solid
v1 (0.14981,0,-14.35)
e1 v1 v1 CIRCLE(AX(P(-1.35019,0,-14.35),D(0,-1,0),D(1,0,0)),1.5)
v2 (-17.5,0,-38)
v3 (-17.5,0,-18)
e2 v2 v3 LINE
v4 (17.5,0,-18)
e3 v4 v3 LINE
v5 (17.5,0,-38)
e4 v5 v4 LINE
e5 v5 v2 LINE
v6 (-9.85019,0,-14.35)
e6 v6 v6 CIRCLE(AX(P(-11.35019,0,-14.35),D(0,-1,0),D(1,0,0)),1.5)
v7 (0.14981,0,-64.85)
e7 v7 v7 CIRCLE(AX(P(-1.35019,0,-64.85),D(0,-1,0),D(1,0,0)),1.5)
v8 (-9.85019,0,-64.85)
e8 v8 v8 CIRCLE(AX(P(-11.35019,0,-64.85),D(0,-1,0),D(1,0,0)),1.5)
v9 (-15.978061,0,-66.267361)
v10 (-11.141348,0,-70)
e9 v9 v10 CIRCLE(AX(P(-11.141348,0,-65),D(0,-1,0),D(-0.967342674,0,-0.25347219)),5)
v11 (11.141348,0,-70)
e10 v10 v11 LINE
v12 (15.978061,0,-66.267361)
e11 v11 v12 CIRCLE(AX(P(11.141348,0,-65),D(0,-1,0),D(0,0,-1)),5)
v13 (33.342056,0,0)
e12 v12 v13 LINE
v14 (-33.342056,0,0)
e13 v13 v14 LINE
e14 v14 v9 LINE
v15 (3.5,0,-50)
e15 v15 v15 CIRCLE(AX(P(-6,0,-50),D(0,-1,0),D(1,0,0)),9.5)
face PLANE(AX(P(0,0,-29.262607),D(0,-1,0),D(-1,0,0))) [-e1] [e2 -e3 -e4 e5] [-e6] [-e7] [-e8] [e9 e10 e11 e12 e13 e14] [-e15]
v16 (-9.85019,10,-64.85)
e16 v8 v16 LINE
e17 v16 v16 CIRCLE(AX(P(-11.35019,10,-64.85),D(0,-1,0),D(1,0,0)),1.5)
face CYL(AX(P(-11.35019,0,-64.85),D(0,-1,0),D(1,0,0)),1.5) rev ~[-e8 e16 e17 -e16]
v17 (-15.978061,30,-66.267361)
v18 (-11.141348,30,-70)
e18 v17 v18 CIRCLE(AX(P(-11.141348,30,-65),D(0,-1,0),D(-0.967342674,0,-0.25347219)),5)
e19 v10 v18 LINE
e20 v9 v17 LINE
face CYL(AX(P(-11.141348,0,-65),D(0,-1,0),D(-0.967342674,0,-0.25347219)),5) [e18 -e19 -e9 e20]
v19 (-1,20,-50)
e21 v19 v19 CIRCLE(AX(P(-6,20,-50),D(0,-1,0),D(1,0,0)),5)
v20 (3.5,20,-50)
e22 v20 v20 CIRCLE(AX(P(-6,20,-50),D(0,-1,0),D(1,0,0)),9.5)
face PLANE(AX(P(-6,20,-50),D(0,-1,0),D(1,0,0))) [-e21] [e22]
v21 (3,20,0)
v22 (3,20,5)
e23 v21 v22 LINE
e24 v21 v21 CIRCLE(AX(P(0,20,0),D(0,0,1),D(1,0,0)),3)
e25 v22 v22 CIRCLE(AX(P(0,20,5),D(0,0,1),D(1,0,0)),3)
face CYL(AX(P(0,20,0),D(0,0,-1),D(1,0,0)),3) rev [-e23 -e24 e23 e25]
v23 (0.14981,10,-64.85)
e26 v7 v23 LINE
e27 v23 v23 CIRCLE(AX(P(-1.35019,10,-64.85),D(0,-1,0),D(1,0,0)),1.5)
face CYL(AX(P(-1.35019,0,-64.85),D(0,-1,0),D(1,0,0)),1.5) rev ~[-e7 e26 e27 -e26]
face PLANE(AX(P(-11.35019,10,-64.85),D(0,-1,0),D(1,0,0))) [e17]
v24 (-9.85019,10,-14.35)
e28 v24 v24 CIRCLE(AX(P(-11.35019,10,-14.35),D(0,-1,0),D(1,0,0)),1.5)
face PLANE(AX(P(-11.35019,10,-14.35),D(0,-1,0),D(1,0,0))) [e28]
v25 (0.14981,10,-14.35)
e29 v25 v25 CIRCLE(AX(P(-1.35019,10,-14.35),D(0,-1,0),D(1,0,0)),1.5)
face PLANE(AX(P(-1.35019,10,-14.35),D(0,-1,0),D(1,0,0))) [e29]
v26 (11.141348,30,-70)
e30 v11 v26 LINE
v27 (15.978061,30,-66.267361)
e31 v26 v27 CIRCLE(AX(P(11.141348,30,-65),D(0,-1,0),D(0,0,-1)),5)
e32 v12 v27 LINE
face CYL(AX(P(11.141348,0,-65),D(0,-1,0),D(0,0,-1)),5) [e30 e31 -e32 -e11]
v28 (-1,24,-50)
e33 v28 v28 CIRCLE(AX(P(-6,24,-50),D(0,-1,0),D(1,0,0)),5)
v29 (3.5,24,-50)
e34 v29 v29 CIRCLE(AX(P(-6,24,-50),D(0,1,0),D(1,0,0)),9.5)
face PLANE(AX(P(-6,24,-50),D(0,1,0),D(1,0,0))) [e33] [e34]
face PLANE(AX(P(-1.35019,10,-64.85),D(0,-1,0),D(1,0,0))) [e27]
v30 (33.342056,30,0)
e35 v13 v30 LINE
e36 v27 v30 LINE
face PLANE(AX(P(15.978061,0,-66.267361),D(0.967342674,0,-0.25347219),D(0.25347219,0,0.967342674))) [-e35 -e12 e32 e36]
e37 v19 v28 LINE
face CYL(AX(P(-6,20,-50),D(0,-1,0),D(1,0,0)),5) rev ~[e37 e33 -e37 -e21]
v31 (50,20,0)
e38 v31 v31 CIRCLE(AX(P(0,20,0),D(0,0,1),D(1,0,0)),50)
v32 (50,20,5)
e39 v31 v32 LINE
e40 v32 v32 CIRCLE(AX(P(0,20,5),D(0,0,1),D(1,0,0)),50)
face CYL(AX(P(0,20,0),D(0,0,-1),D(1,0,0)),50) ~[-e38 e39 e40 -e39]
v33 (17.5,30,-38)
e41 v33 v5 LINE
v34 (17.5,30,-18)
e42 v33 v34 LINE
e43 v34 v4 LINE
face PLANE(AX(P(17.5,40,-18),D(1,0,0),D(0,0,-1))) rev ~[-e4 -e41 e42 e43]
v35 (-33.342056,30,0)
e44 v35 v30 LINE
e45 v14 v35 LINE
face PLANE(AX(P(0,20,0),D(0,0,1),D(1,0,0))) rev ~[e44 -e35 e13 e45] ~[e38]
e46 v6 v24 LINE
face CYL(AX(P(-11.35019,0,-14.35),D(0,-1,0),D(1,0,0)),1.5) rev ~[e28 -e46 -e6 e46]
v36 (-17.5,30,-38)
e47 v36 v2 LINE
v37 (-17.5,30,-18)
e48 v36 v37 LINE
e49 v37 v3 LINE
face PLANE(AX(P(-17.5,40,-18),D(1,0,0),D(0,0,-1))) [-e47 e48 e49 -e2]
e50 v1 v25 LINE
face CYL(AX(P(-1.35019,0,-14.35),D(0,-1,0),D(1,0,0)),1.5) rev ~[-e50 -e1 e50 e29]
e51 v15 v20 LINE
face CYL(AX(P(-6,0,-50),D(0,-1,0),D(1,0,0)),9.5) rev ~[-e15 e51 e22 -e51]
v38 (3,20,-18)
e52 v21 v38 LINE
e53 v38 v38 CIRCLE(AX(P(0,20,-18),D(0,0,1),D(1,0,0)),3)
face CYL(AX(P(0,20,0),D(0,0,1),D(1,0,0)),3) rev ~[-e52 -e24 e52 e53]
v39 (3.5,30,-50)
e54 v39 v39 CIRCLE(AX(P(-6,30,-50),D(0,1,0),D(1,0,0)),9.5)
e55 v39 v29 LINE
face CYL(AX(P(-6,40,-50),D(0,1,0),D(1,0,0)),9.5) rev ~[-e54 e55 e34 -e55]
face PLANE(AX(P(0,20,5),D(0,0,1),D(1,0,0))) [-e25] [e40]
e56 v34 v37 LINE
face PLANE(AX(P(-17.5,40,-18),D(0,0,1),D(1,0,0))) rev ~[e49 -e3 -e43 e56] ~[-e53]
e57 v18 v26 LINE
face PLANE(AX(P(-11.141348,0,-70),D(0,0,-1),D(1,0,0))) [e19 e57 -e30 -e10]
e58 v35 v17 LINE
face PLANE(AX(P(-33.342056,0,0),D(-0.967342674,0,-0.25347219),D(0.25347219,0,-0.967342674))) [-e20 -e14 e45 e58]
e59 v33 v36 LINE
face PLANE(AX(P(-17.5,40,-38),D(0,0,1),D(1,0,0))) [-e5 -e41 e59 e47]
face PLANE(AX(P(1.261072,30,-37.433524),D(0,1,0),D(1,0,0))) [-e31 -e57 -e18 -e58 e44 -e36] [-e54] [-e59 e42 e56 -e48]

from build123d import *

# Parameters (mm, degrees)
BOSS_EXTRUDE1_DEPTH = 40
SKETCH9_R           = 9.5
CUT_EXTRUDE5_DEPTH  = 20
SKETCH10_R          = 5
CUT_EXTRUDE6_DEPTH  = 21
SKETCH11_R          = 9.5
CUT_EXTRUDE7_DEPTH  = 16
SKETCH14_W          = 35
SKETCH14_H          = 20
CUT_EXTRUDE9_DEPTH  = 41
SKETCH15_R          = 3
CUT_EXTRUDE10_DEPTH = 25
SKETCH16_R          = 50
SKETCH16_R_2        = 3
BOSS_EXTRUDE3_DEPTH = 5
SKETCH17_W          = 69.206254994
SKETCH17_H          = 74.867048483
CUT_EXTRUDE11_DEPTH = 10
SKETCH18_R          = 1.5
CUT_EXTRUDE12_DEPTH = 10
SKETCH20_R          = 1.5
CUT_EXTRUDE13_DEPTH = 10


with BuildPart() as part:
    # Sketch1 → Boss-Extrude1 (new body)
    with BuildSketch(Plane(origin=(0, 0, 0), x_dir=(1, 0, 0), z_dir=(0, 1, 0))):
        with BuildLine():
            Line((-11.141347684, 70), (11.141347684, 70))
            ThreePointArc((11.141347684, 70), (14.196114062, 68.958333283), (15.978061054, 66.267360951))
            Line((15.978061054, 66.267360951), (33.342055813, 0))
            Line((33.342055813, 0), (-33.342055813, 0))
            Line((-33.342055813, 0), (-15.978061054, 66.267360951))
            ThreePointArc((-15.978061054, 66.267360951), (-14.196114062, 68.958333283), (-11.141347684, 70))
        make_face()
    extrude(amount=BOSS_EXTRUDE1_DEPTH)

    # Sketch9 → Cut-Extrude5 (cut)
    with BuildSketch(Plane.XZ):
        with Locations((-6, -50)):
            Circle(SKETCH9_R)
    extrude(amount=-CUT_EXTRUDE5_DEPTH, mode=Mode.SUBTRACT)

    # Sketch10 → Cut-Extrude6 (cut, through all)
    with BuildSketch(Plane.XZ.offset(-20)):
        with Locations((-6, -50)):
            Circle(SKETCH10_R)
    extrude(amount=-CUT_EXTRUDE6_DEPTH, mode=Mode.SUBTRACT)

    # Sketch11 → Cut-Extrude7 (cut)
    with BuildSketch(Plane(origin=(0, 40, 0), x_dir=(1, 0, 0), z_dir=(0, 1, 0))):
        with Locations((-6, 50)):
            Circle(SKETCH11_R)
    extrude(amount=-CUT_EXTRUDE7_DEPTH, mode=Mode.SUBTRACT)

    # Sketch14 → Cut-Extrude9 (cut, through all)
    with BuildSketch(Plane(origin=(0, 40, 0), x_dir=(1, 0, 0), z_dir=(0, 1, 0))):
        with Locations((0, 28)):
            Rectangle(SKETCH14_W, SKETCH14_H)
    extrude(amount=-CUT_EXTRUDE9_DEPTH, mode=Mode.SUBTRACT)

    # Sketch15 → Cut-Extrude10 (cut)
    with BuildSketch(Plane.XY):
        with Locations((0, 20)):
            Circle(SKETCH15_R)
    extrude(amount=-CUT_EXTRUDE10_DEPTH, mode=Mode.SUBTRACT)

    # Sketch16 → Boss-Extrude3 (add)
    with BuildSketch(Plane.XY):
        with Locations((0, 20)):
            Circle(SKETCH16_R)
        with Locations((0, 20)):
            Circle(SKETCH16_R_2, mode=Mode.SUBTRACT)
    extrude(amount=BOSS_EXTRUDE3_DEPTH)

    # Sketch17 → Cut-Extrude11 (cut)
    with BuildSketch(Plane(origin=(0, 40, 0), x_dir=(1, 0, 0), z_dir=(0, 1, 0))):
        with Locations((1.261071684, 37.433524242)):
            Rectangle(SKETCH17_W, SKETCH17_H)
    extrude(amount=-CUT_EXTRUDE11_DEPTH, mode=Mode.SUBTRACT)

    # Sketch18 → Cut-Extrude12 (cut)
    with BuildSketch(Plane.XZ):
        with Locations((-1.350189987, -64.85)):
            Circle(SKETCH18_R)
        with Locations((-11.350189987, -64.85)):
            Circle(SKETCH18_R)
    extrude(amount=-CUT_EXTRUDE12_DEPTH, mode=Mode.SUBTRACT)

    # Sketch20 → Cut-Extrude13 (cut)
    with BuildSketch(Plane.XZ):
        with Locations((-11.350189987, -14.35)):
            Circle(SKETCH20_R)
        with Locations((-1.350189987, -14.35)):
            Circle(SKETCH20_R)
    extrude(amount=-CUT_EXTRUDE13_DEPTH, mode=Mode.SUBTRACT)


solid = part.part
